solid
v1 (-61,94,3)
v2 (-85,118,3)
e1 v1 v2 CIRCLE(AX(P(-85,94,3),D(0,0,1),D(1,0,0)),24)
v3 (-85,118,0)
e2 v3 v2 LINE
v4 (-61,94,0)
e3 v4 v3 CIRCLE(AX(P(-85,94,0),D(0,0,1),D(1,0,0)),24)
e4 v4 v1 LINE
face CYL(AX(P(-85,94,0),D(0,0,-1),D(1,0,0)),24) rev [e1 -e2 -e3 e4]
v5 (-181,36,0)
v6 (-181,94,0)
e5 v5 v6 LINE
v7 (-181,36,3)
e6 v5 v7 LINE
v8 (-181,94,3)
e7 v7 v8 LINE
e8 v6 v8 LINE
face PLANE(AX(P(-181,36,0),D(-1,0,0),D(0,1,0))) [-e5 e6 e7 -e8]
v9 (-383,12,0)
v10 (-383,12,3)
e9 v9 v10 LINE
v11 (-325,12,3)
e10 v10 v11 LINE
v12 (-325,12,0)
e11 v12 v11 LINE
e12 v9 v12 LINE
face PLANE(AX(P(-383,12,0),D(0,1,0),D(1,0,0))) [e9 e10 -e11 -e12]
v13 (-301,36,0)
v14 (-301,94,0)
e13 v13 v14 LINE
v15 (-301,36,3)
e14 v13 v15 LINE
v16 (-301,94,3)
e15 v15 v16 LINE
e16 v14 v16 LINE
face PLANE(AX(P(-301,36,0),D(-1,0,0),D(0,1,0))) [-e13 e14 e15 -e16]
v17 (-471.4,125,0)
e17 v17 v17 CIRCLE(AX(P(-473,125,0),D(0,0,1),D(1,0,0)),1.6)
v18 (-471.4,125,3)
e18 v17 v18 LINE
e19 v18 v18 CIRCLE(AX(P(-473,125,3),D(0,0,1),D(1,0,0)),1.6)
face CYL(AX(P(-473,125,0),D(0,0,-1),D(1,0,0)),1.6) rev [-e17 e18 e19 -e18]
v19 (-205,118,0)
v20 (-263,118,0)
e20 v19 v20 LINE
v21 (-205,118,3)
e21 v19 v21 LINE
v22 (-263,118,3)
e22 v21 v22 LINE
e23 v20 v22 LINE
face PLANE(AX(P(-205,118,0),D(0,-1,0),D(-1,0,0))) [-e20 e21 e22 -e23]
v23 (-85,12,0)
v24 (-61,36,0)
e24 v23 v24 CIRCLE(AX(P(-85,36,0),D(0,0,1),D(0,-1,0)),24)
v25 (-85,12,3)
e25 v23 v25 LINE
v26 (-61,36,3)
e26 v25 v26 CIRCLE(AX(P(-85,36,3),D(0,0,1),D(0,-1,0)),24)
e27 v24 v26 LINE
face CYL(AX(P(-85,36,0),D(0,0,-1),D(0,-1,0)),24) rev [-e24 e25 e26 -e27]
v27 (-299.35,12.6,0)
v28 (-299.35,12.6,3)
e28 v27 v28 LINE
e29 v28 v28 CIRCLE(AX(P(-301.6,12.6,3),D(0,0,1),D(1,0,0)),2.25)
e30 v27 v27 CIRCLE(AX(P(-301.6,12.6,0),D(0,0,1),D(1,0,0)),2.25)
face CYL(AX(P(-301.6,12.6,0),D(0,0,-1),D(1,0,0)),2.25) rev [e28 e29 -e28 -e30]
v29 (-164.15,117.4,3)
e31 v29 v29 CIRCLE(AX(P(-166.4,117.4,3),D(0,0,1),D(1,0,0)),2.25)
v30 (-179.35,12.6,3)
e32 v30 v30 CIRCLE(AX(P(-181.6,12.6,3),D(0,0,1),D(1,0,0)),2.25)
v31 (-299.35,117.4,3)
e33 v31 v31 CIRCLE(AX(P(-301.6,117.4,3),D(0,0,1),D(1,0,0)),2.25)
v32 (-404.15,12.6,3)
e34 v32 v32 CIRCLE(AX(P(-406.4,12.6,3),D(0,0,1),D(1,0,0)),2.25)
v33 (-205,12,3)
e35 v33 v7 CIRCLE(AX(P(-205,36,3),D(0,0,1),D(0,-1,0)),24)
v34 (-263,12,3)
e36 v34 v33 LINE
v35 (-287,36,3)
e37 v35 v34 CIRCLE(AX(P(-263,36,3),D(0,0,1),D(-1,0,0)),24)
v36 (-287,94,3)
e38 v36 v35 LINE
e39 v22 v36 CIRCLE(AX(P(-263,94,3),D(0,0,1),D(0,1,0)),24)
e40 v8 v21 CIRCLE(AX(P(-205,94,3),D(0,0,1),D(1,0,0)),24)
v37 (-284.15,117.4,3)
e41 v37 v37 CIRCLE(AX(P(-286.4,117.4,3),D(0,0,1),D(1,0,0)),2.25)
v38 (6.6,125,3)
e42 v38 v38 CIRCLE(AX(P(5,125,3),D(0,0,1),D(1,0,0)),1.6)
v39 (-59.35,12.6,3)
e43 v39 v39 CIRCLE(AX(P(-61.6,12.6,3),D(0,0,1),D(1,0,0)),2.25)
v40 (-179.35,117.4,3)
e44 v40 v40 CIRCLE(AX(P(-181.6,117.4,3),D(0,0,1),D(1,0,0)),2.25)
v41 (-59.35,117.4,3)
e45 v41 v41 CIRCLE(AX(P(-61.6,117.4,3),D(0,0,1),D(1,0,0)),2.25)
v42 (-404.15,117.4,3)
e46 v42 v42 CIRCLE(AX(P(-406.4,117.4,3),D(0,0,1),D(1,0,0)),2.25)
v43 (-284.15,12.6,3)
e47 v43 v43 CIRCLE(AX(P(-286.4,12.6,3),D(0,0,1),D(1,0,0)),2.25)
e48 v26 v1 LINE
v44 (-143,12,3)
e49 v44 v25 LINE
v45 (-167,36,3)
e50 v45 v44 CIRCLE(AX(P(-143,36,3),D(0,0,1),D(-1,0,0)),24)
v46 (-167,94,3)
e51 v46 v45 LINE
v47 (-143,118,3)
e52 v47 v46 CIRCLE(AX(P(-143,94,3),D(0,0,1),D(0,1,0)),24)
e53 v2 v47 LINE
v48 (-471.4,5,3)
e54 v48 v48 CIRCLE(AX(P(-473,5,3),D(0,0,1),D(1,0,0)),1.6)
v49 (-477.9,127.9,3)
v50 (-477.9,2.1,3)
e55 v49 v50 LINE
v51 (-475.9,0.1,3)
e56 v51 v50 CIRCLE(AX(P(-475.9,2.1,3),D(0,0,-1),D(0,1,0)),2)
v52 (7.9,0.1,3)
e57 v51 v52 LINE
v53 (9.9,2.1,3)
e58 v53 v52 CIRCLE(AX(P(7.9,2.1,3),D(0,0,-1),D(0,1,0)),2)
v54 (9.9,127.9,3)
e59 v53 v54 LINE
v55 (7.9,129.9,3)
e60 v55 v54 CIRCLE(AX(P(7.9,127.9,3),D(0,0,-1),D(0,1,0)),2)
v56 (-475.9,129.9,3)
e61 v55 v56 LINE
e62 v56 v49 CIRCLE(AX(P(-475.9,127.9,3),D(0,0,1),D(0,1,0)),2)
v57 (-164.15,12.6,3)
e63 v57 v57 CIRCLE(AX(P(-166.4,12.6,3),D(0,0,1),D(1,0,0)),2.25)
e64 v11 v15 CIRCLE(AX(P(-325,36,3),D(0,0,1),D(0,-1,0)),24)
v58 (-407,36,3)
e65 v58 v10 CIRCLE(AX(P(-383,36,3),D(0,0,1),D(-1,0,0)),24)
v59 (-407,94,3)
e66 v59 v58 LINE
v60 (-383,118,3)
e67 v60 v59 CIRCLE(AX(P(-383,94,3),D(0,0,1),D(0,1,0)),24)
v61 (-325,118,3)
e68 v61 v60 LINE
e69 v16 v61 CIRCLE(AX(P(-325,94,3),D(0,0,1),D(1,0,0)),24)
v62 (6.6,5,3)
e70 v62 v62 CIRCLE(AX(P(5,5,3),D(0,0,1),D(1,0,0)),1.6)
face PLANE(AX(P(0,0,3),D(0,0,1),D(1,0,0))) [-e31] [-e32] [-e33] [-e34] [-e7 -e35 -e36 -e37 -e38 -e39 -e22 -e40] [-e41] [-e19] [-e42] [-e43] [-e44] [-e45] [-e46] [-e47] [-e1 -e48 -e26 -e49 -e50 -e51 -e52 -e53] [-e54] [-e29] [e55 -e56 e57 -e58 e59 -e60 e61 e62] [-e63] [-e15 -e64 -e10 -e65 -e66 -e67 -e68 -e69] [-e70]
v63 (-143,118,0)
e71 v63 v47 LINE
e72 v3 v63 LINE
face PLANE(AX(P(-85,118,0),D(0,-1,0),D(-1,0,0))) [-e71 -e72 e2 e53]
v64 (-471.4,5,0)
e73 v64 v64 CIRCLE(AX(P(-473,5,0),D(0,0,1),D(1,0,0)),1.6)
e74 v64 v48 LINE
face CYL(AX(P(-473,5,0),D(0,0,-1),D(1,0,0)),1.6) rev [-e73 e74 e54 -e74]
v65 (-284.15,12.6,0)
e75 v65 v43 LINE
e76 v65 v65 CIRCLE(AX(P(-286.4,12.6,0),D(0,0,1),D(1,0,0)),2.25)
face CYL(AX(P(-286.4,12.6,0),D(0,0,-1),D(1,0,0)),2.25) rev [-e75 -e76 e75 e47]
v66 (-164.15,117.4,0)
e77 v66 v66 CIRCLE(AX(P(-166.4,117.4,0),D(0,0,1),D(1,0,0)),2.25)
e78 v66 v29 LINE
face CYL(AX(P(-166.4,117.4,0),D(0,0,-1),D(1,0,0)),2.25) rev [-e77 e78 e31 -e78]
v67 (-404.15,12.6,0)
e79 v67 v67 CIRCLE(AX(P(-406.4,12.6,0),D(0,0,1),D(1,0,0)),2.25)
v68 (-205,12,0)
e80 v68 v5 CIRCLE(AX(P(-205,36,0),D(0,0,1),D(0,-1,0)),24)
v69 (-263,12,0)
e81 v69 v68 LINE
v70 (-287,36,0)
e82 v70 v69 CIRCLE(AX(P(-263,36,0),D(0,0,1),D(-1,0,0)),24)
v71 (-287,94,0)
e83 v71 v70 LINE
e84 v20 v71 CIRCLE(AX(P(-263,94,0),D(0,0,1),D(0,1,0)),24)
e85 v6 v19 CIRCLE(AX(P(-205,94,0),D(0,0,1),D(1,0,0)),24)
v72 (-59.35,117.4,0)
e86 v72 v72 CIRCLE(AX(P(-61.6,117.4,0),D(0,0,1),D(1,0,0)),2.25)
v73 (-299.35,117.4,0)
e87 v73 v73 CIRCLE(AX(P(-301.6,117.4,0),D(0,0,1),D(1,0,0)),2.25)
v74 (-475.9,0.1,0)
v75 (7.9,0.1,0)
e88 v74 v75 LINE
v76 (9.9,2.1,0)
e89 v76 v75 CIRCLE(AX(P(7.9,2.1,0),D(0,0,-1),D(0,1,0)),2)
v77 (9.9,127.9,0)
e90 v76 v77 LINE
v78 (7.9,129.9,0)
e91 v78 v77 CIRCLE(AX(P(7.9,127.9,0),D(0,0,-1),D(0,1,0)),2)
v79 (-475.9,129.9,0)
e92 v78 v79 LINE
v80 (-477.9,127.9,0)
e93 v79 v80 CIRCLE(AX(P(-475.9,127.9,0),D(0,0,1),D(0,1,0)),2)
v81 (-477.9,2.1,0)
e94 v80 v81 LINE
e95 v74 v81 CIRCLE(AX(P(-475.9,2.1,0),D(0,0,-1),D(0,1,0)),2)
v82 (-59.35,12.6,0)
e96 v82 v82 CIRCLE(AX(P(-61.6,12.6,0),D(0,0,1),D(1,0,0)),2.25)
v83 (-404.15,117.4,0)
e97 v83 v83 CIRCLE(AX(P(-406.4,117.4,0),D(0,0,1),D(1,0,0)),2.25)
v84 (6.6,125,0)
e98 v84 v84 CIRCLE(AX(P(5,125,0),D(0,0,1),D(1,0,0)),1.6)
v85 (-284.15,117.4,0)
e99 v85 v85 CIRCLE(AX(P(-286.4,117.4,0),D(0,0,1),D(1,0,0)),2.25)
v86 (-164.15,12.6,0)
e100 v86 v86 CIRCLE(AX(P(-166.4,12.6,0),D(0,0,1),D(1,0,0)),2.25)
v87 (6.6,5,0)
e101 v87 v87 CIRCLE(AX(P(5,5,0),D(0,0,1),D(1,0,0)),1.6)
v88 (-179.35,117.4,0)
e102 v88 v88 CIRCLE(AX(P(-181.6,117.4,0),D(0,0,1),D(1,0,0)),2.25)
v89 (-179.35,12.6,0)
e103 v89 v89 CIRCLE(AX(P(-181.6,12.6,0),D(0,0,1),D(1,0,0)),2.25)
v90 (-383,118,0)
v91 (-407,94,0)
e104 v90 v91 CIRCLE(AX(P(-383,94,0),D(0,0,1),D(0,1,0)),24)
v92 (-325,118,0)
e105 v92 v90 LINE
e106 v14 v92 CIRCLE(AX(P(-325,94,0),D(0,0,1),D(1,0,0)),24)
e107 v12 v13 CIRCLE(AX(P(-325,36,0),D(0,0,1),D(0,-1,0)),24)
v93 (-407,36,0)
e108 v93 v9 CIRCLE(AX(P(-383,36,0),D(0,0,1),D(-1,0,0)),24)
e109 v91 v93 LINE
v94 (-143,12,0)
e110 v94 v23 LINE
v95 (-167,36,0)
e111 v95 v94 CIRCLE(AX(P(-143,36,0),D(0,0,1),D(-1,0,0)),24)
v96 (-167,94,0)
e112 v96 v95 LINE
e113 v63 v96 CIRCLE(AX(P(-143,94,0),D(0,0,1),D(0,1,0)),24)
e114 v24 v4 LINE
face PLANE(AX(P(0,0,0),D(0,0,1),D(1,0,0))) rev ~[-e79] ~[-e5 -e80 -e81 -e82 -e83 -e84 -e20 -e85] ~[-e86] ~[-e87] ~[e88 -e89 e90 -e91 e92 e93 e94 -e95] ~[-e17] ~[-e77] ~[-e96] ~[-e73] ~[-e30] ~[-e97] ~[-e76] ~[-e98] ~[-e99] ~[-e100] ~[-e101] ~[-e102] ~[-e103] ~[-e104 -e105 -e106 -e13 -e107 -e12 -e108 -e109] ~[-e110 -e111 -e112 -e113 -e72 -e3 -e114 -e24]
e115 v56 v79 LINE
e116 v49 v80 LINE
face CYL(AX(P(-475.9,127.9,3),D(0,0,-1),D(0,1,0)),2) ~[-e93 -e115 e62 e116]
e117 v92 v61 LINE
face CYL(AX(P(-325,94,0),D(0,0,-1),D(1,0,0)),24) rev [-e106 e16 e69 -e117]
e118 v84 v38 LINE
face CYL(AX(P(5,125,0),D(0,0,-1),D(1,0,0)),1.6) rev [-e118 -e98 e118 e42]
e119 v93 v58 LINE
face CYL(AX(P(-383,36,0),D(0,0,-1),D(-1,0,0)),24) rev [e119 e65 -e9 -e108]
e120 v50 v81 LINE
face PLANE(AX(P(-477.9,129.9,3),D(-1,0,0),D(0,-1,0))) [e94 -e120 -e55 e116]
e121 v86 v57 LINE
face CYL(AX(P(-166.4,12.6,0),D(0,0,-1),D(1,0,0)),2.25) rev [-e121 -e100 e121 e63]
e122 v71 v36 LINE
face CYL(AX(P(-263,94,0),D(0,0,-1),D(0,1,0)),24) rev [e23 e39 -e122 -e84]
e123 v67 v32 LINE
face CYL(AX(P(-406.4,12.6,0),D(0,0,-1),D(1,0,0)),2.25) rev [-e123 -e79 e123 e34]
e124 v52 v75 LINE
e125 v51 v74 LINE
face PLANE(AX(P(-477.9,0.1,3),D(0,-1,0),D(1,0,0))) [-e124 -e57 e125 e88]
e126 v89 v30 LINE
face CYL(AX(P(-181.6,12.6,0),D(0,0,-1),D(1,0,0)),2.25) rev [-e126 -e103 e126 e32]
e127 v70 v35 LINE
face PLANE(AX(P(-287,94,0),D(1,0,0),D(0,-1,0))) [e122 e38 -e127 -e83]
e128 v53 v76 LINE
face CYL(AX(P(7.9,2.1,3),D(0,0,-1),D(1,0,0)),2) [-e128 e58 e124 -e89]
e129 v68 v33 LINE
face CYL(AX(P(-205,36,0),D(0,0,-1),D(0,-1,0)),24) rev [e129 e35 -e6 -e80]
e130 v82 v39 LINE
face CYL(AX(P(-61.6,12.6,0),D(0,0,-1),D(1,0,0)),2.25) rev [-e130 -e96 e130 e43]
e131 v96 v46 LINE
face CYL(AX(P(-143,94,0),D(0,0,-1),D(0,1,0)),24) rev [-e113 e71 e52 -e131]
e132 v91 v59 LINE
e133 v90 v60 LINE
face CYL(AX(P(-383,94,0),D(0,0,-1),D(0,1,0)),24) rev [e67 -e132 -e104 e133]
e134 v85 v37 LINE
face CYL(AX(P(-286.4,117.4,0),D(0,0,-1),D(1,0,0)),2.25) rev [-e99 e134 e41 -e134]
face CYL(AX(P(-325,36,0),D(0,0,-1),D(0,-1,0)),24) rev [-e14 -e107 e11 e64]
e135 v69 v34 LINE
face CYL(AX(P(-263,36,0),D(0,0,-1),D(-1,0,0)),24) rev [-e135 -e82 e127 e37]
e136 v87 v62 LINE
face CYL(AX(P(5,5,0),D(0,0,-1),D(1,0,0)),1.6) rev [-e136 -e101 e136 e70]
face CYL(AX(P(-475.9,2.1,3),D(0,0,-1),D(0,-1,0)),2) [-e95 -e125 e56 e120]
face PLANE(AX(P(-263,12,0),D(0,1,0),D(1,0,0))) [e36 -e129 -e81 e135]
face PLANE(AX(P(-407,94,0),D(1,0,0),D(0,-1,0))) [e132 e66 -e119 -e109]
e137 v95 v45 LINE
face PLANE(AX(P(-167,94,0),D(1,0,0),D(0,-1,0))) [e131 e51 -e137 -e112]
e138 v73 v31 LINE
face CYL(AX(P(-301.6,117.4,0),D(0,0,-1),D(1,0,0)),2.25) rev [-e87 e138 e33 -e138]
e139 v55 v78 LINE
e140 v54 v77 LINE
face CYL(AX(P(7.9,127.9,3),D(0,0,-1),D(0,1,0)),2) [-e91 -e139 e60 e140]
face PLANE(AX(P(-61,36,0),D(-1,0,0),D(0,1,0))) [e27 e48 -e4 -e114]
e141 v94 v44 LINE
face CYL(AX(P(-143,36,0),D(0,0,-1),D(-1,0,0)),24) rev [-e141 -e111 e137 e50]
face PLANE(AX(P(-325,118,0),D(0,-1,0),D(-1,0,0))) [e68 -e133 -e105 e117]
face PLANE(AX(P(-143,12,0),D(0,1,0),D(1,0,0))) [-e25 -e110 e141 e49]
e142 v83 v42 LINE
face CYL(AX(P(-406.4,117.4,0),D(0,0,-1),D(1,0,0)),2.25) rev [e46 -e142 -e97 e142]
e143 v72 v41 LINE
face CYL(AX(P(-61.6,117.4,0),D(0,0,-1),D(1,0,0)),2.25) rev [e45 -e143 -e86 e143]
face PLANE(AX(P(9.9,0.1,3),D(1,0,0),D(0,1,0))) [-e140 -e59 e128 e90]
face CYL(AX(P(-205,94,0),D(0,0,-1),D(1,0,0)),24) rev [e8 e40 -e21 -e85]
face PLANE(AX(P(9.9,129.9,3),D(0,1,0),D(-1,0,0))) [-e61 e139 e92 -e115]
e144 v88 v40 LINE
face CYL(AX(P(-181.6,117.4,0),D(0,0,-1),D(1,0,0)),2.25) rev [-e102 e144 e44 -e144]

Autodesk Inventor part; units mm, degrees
ref_plane "YZ Plane" through (0, 0, 0) normal (1, 0, 0) x (0, 1, 0)
ref_plane "XZ Plane" through (0, 0, 0) normal (0, 1, 0) x (-1, 0, 0)
ref_plane "XY Plane" through (0, 0, 0) normal (0, 0, 1) x (1, 0, 0)
sketch "スケッチ1" plane through (0, 0, 0) normal (0, 0, 1) x (1, 0, 0)
  circle A0 centre (5, 125) radius 2.25 construction
  circle A1 centre (5, 5) radius 2.25 construction
  circle A2 centre (-473, 125) radius 2.25 construction
  circle A3 centre (-473, 5) radius 2.25 construction
  line L0 (-478, 130) -> (-478, 0) construction
  line L1 (10, 0) -> (10, 130) construction
  line L2 (10, 130) -> (-478, 130)
  line L3 (-478, 130) -> (-478, 0)
  line L4 (-478, 0) -> (10, 0)
  line L5 (10, 0) -> (10, 130)
  circle A4 centre (5, 125) radius 1.6
  circle A5 centre (5, 5) radius 1.6
  circle A6 centre (-473, 5) radius 1.6
  circle A7 centre (-473, 125) radius 1.6
  line L6 (10, 65) -> (-478, 65) construction
  line L7 (-205, 118) -> (-263, 118)
  line L8 (-287, 94) -> (-287, 36)
  line L9 (-263, 12) -> (-205, 12)
  line L10 (-181, 36) -> (-181, 94)
  arc A8 (-181, 94) -> (-205, 118) centre (-205, 94) ccw
  arc A9 (-205, 12) -> (-181, 36) centre (-205, 36) ccw
  arc A10 (-287, 36) -> (-263, 12) centre (-263, 36) ccw
  arc A11 (-263, 118) -> (-287, 94) centre (-263, 94) ccw
  line L11 (-174, 125) -> (-294, 125) construction
  line L12 (-294, 125) -> (-294, 5) construction
  line L13 (-294, 5) -> (-174, 5) construction
  line L14 (-174, 5) -> (-174, 125) construction
  line L15 (-181.6, 117.4) -> (-286.4, 117.4) construction
  line L16 (-286.4, 117.4) -> (-286.4, 12.6) construction
  line L17 (-286.4, 12.6) -> (-181.6, 12.6) construction
  line L18 (-181.6, 12.6) -> (-181.6, 117.4) construction
  circle A12 centre (-181.6, 117.4) radius 2.25
  circle A13 centre (-181.6, 12.6) radius 2.25
  circle A14 centre (-286.4, 12.6) radius 2.25
  circle A15 centre (-286.4, 117.4) radius 2.25
  circle A16 centre (-301.6, 117.4) radius 2.25
  arc A17 (-301, 94) -> (-325, 118) centre (-325, 94) ccw
  line L19 (-301, 36) -> (-301, 94)
  arc A18 (-325, 12) -> (-301, 36) centre (-325, 36) ccw
  circle A19 centre (-301.6, 12.6) radius 2.25
  line L20 (-383, 12) -> (-325, 12)
  arc A20 (-407, 36) -> (-383, 12) centre (-383, 36) ccw
  circle A21 centre (-406.4, 12.6) radius 2.25
  line L21 (-407, 94) -> (-407, 36)
  circle A22 centre (-406.4, 117.4) radius 2.25
  arc A23 (-383, 118) -> (-407, 94) centre (-383, 94) ccw
  line L22 (-325, 118) -> (-383, 118)
  circle A24 centre (-61.6, 117.4) radius 2.25
  arc A25 (-61, 94) -> (-85, 118) centre (-85, 94) ccw
  line L23 (-61, 36) -> (-61, 94)
  arc A26 (-85, 12) -> (-61, 36) centre (-85, 36) ccw
  circle A27 centre (-61.6, 12.6) radius 2.25
  line L24 (-143, 12) -> (-85, 12)
  arc A28 (-167, 36) -> (-143, 12) centre (-143, 36) ccw
  circle A29 centre (-166.4, 12.6) radius 2.25
  line L25 (-167, 94) -> (-167, 36)
  circle A30 centre (-166.4, 117.4) radius 2.25
  arc A31 (-143, 118) -> (-167, 94) centre (-143, 94) ccw
  line L26 (-85, 118) -> (-143, 118)
  circle A32 centre (-181.6, 117.4) radius 2.25
  arc A33 (-181, 94) -> (-205, 118) centre (-205, 94) ccw
  line L27 (-181, 36) -> (-181, 94)
  arc A34 (-205, 12) -> (-181, 36) centre (-205, 36) ccw
  circle A35 centre (-181.6, 12.6) radius 2.25
  line L28 (-263, 12) -> (-205, 12)
  arc A36 (-287, 36) -> (-263, 12) centre (-263, 36) ccw
  circle A37 centre (-286.4, 12.6) radius 2.25
  line L29 (-287, 94) -> (-287, 36)
  circle A38 centre (-286.4, 117.4) radius 2.25
  arc A39 (-263, 118) -> (-287, 94) centre (-263, 94) ccw
  line L30 (-205, 118) -> (-263, 118)
  point P0 (0, 0)
  point P1 (-234, 65)
  point P2 (-287, 12)
  point P3 (-287, 118)
  point P4 (-181, 12)
  point P5 (-287, 65)
  point P6 (-294, 65)
  point P7 (-234, 12)
  point P8 (-234, 5)
  point P9 (-234, 118)
  point P10 (-181, 65)
  point P11 (-174, 65)
  point P12 (-181.6, 65)
  point P13 (-234, 125)
  point P14 (-234, 117.4)
  point P15 (-301, 12)
  point P16 (-301, 65)
  point P17 (-407, 12)
  point P18 (-354, 12)
  point P19 (-407, 118)
  point P20 (-407, 65)
  point P21 (-354, 118)
  point P22 (-61, 12)
  point P23 (-61, 65)
  point P24 (-167, 12)
  point P25 (-114, 12)
  point P26 (-167, 118)
  point P27 (-167, 65)
  point P28 (-114, 118)
  point P29 (-181, 12)
  point P30 (-181, 65)
  point P31 (-287, 12)
  point P32 (-234, 12)
  point P33 (-287, 118)
  point P34 (-287, 65)
  point P35 (-234, 118)
  dimension "d0" = 3.2
  dimension "d1" = 106
  dimension "d2" = 106
  dimension "d3" = 24
  dimension "d4" = 120
  dimension "d5" = 120
  dimension "d6" = 104.8
  dimension "d7" = 104.8
  dimension "d8" = 4.5
  dimension "d11" = 120
  dimension "d14" = 120
extrude "押し出し1" add sketch "スケッチ1" along normal blind 3
sketch "スケッチ2" plane through (0, 0, 3) normal (0, 0, 1) x (1, 0, 0)
  line L0 (-478, 130) -> (-478, 0) projected
  line L1 (-478, 0) -> (10, 0) projected
  line L2 (10, 0) -> (10, 130) projected
  line L3 (10, 130) -> (-478, 130) projected
  circle A0 centre (-286.4, 117.4) radius 2.25 projected
  arc A1 (-263, 118) -> (-287, 94) centre (-263, 94) ccw projected
  line L4 (-263, 118) -> (-205, 118) projected
  arc A2 (-181, 94) -> (-205, 118) centre (-205, 94) ccw projected
  line L5 (-181, 94) -> (-181, 36) projected
  arc A3 (-205, 12) -> (-181, 36) centre (-205, 36) ccw projected
  line L6 (-205, 12) -> (-263, 12) projected
  arc A4 (-287, 36) -> (-263, 12) centre (-263, 36) ccw projected
  line L7 (-287, 36) -> (-287, 94) projected
  circle A5 centre (-473, 125) radius 1.6 projected
  circle A6 centre (-473, 5) radius 1.6 projected
  circle A7 centre (5, 5) radius 1.6 projected
  circle A8 centre (5, 125) radius 1.6 projected
  circle A9 centre (-181.6, 117.4) radius 2.25 projected
  circle A10 centre (-181.6, 12.6) radius 2.25 projected
  circle A11 centre (-286.4, 12.6) radius 2.25 projected
  circle A12 centre (-166.4, 117.4) radius 2.25 projected
  circle A13 centre (-166.4, 12.6) radius 2.25 projected
  circle A14 centre (-61.6, 12.6) radius 2.25 projected
  line L8 (-61, 94) -> (-61, 36) projected
  arc A15 (-85, 12) -> (-61, 36) centre (-85, 36) ccw projected
  line L9 (-85, 12) -> (-143, 12) projected
  arc A16 (-167, 36) -> (-143, 12) centre (-143, 36) ccw projected
  line L10 (-167, 36) -> (-167, 94) projected
  arc A17 (-143, 118) -> (-167, 94) centre (-143, 94) ccw projected
  line L11 (-143, 118) -> (-85, 118) projected
  arc A18 (-61, 94) -> (-85, 118) centre (-85, 94) ccw projected
  circle A19 centre (-61.6, 117.4) radius 2.25 projected
  circle A20 centre (-406.4, 117.4) radius 2.25 projected
  circle A21 centre (-406.4, 12.6) radius 2.25 projected
  circle A22 centre (-301.6, 12.6) radius 2.25 projected
  line L12 (-301, 94) -> (-301, 36) projected
  arc A23 (-325, 12) -> (-301, 36) centre (-325, 36) ccw projected
  line L13 (-325, 12) -> (-383, 12) projected
  arc A24 (-407, 36) -> (-383, 12) centre (-383, 36) ccw projected
  line L14 (-407, 36) -> (-407, 94) projected
  arc A25 (-383, 118) -> (-407, 94) centre (-383, 94) ccw projected
  line L15 (-383, 118) -> (-325, 118) projected
  arc A26 (-301, 94) -> (-325, 118) centre (-325, 94) ccw projected
  circle A27 centre (-301.6, 117.4) radius 2.25 projected
  line L16 (-477.9, 129.9) -> (-477.9, 0.1)
  line L17 (-477.9, 0.1) -> (9.9, 0.1)
  line L18 (9.9, 0.1) -> (9.9, 129.9)
  line L19 (9.9, 129.9) -> (-477.9, 129.9)
  point P0 (0, 0)
  dimension "d19" = 0.1
extrude "押し出し2" cut sketch "スケッチ2" against normal through all contours L3 L2 L1 L0
fillet "フィレット1" radius 2 4 edges at (-477.9, 129.9, 1.5) (-477.9, 0.1, 1.5) (9.9, 0.1, 1.5) (9.9, 129.9, 1.5)
equation "\"d5\" = d4"
equation "\"d7\" = d6"
properties part number "radiator_adapter_03"
